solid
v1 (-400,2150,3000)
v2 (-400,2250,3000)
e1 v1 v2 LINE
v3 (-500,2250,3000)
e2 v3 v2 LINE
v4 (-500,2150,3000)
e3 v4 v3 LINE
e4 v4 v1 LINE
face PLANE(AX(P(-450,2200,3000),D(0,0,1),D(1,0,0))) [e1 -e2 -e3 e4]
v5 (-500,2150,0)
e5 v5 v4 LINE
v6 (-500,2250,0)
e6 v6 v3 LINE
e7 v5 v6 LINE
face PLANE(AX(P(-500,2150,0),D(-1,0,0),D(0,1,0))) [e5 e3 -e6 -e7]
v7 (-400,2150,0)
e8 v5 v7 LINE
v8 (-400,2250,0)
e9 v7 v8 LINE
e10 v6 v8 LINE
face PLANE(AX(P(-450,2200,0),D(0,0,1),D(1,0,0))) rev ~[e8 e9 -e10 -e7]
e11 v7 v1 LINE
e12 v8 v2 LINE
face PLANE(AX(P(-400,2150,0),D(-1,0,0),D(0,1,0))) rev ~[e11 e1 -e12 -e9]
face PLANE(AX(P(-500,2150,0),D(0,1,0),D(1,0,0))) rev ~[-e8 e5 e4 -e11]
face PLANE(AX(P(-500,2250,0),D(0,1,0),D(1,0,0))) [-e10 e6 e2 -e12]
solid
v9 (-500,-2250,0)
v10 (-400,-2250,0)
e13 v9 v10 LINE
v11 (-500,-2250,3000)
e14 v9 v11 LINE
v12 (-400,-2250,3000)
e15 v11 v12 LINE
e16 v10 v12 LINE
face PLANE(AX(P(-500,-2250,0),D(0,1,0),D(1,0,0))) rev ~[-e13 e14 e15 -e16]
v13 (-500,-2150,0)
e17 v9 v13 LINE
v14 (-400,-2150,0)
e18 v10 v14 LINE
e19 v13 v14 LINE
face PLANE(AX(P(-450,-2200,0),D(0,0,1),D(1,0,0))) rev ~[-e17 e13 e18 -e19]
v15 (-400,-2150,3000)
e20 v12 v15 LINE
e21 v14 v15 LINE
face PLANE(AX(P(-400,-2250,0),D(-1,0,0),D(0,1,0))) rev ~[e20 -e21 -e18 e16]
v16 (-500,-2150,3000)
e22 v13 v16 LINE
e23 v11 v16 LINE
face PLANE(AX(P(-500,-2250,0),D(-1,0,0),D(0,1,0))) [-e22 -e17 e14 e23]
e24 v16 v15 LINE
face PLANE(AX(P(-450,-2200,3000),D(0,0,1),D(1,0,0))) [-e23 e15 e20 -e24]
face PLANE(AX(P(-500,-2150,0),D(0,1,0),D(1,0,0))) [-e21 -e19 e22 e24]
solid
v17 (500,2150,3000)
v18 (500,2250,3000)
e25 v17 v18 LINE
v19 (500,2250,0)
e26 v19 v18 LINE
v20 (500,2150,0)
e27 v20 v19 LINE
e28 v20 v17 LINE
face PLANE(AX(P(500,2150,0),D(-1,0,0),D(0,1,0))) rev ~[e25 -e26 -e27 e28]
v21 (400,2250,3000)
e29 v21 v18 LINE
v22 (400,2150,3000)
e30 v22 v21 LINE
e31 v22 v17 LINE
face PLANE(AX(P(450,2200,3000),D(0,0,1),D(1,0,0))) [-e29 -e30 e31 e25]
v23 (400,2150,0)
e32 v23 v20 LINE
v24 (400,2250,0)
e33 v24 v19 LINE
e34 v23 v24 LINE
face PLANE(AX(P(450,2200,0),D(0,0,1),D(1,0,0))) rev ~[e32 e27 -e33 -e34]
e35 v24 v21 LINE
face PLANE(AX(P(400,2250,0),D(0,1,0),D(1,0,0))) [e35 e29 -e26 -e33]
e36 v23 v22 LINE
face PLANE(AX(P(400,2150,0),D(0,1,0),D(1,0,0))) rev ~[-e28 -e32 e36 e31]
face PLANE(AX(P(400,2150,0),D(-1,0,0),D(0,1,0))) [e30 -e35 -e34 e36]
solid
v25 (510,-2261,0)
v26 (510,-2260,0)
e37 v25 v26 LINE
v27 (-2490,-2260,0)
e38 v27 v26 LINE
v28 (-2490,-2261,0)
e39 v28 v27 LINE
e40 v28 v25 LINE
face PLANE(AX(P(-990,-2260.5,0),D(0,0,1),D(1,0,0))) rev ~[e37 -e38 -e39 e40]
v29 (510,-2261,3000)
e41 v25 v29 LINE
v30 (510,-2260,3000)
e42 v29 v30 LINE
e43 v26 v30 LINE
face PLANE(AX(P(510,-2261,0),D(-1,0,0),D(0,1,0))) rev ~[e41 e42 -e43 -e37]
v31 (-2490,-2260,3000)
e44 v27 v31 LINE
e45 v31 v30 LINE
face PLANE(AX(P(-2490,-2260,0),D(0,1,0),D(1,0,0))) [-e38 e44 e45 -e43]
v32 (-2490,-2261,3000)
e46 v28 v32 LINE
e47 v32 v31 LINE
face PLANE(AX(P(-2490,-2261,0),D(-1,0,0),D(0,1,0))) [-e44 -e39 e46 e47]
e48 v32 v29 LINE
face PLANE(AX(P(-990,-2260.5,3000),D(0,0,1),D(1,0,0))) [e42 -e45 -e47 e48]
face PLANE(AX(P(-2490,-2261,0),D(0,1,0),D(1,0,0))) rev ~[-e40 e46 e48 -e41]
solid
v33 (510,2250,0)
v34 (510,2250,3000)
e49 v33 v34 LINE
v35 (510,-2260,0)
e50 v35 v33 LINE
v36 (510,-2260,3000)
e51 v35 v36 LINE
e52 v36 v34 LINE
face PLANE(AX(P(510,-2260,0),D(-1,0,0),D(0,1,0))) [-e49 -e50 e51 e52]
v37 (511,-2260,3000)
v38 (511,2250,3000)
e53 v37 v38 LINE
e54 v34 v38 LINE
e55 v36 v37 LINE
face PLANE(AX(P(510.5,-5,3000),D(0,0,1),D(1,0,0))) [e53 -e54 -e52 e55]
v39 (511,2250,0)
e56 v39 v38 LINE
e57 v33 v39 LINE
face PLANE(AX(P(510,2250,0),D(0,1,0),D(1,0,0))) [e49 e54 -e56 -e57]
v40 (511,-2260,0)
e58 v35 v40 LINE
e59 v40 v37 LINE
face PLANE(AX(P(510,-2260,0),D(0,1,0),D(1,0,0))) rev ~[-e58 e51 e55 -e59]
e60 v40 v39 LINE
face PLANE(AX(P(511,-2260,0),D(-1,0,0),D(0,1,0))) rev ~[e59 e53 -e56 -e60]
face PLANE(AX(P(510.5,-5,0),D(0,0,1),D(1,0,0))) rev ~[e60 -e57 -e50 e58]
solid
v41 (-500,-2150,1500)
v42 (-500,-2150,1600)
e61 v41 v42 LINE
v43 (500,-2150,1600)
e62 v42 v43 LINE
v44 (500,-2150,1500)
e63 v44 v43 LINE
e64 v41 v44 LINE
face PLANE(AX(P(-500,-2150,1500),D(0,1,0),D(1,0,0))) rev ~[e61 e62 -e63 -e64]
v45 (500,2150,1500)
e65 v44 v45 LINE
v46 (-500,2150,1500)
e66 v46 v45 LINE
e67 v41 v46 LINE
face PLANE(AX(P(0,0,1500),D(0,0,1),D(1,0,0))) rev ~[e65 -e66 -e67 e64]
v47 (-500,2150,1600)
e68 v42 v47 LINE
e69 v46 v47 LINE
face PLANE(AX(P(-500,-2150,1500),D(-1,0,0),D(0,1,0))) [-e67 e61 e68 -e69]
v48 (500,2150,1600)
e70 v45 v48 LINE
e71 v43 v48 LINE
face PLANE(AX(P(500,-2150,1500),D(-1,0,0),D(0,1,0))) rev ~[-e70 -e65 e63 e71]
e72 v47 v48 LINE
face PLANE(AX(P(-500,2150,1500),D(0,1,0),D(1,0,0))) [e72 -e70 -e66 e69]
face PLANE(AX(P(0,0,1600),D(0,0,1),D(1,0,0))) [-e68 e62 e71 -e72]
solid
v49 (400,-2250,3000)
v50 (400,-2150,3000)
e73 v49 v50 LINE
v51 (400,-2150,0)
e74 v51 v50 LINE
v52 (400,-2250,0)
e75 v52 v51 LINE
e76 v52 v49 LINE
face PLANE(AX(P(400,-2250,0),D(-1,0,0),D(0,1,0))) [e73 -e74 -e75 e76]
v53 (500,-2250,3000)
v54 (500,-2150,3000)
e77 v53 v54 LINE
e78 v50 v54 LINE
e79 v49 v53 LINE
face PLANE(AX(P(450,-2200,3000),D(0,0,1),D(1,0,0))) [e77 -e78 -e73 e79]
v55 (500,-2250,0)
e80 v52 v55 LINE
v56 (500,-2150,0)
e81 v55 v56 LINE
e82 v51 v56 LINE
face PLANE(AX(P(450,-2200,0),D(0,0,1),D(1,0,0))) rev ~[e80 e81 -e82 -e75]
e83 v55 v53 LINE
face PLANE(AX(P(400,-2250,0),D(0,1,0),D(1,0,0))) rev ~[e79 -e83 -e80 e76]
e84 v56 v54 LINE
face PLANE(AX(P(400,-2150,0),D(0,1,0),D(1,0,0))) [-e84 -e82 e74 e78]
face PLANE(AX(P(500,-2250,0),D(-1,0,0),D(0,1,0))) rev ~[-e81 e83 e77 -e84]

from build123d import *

# Parameters (mm, degrees)
F1_W     = 100
F1_H     = 100
F1_W_2   = 1
F1_H_2   = 4510
F1_W_3   = 3000
F1_H_3   = 1
F3_DEPTH = 3000
F2_W     = 1000
F2_H     = 4300
F4_DEPTH = 100


with BuildPart() as f3:
    # F1 (on Top) → F3 (new body)
    with BuildSketch(Plane.XY):
        with Locations((-450, 2200)):
            Rectangle(F1_W, F1_H)
        with Locations((450, 2200)):
            Rectangle(F1_W, F1_H)
        with Locations((-450, -2200)):
            Rectangle(F1_W, F1_H)
        with Locations((450, -2200)):
            Rectangle(F1_W, F1_H)
        with Locations((510.5, -5)):
            Rectangle(F1_W_2, F1_H_2)
        with Locations((-990, -2260.5)):
            Rectangle(F1_W_3, F1_H_3)
    extrude(amount=F3_DEPTH)


with BuildPart() as f4:
    # F2 (on offset) → F4 (new body)
    with BuildSketch(Plane.XY.offset(1500)):
        Rectangle(F2_W, F2_H)
    extrude(amount=F4_DEPTH)


solid = Compound([f3.part, f4.part])
